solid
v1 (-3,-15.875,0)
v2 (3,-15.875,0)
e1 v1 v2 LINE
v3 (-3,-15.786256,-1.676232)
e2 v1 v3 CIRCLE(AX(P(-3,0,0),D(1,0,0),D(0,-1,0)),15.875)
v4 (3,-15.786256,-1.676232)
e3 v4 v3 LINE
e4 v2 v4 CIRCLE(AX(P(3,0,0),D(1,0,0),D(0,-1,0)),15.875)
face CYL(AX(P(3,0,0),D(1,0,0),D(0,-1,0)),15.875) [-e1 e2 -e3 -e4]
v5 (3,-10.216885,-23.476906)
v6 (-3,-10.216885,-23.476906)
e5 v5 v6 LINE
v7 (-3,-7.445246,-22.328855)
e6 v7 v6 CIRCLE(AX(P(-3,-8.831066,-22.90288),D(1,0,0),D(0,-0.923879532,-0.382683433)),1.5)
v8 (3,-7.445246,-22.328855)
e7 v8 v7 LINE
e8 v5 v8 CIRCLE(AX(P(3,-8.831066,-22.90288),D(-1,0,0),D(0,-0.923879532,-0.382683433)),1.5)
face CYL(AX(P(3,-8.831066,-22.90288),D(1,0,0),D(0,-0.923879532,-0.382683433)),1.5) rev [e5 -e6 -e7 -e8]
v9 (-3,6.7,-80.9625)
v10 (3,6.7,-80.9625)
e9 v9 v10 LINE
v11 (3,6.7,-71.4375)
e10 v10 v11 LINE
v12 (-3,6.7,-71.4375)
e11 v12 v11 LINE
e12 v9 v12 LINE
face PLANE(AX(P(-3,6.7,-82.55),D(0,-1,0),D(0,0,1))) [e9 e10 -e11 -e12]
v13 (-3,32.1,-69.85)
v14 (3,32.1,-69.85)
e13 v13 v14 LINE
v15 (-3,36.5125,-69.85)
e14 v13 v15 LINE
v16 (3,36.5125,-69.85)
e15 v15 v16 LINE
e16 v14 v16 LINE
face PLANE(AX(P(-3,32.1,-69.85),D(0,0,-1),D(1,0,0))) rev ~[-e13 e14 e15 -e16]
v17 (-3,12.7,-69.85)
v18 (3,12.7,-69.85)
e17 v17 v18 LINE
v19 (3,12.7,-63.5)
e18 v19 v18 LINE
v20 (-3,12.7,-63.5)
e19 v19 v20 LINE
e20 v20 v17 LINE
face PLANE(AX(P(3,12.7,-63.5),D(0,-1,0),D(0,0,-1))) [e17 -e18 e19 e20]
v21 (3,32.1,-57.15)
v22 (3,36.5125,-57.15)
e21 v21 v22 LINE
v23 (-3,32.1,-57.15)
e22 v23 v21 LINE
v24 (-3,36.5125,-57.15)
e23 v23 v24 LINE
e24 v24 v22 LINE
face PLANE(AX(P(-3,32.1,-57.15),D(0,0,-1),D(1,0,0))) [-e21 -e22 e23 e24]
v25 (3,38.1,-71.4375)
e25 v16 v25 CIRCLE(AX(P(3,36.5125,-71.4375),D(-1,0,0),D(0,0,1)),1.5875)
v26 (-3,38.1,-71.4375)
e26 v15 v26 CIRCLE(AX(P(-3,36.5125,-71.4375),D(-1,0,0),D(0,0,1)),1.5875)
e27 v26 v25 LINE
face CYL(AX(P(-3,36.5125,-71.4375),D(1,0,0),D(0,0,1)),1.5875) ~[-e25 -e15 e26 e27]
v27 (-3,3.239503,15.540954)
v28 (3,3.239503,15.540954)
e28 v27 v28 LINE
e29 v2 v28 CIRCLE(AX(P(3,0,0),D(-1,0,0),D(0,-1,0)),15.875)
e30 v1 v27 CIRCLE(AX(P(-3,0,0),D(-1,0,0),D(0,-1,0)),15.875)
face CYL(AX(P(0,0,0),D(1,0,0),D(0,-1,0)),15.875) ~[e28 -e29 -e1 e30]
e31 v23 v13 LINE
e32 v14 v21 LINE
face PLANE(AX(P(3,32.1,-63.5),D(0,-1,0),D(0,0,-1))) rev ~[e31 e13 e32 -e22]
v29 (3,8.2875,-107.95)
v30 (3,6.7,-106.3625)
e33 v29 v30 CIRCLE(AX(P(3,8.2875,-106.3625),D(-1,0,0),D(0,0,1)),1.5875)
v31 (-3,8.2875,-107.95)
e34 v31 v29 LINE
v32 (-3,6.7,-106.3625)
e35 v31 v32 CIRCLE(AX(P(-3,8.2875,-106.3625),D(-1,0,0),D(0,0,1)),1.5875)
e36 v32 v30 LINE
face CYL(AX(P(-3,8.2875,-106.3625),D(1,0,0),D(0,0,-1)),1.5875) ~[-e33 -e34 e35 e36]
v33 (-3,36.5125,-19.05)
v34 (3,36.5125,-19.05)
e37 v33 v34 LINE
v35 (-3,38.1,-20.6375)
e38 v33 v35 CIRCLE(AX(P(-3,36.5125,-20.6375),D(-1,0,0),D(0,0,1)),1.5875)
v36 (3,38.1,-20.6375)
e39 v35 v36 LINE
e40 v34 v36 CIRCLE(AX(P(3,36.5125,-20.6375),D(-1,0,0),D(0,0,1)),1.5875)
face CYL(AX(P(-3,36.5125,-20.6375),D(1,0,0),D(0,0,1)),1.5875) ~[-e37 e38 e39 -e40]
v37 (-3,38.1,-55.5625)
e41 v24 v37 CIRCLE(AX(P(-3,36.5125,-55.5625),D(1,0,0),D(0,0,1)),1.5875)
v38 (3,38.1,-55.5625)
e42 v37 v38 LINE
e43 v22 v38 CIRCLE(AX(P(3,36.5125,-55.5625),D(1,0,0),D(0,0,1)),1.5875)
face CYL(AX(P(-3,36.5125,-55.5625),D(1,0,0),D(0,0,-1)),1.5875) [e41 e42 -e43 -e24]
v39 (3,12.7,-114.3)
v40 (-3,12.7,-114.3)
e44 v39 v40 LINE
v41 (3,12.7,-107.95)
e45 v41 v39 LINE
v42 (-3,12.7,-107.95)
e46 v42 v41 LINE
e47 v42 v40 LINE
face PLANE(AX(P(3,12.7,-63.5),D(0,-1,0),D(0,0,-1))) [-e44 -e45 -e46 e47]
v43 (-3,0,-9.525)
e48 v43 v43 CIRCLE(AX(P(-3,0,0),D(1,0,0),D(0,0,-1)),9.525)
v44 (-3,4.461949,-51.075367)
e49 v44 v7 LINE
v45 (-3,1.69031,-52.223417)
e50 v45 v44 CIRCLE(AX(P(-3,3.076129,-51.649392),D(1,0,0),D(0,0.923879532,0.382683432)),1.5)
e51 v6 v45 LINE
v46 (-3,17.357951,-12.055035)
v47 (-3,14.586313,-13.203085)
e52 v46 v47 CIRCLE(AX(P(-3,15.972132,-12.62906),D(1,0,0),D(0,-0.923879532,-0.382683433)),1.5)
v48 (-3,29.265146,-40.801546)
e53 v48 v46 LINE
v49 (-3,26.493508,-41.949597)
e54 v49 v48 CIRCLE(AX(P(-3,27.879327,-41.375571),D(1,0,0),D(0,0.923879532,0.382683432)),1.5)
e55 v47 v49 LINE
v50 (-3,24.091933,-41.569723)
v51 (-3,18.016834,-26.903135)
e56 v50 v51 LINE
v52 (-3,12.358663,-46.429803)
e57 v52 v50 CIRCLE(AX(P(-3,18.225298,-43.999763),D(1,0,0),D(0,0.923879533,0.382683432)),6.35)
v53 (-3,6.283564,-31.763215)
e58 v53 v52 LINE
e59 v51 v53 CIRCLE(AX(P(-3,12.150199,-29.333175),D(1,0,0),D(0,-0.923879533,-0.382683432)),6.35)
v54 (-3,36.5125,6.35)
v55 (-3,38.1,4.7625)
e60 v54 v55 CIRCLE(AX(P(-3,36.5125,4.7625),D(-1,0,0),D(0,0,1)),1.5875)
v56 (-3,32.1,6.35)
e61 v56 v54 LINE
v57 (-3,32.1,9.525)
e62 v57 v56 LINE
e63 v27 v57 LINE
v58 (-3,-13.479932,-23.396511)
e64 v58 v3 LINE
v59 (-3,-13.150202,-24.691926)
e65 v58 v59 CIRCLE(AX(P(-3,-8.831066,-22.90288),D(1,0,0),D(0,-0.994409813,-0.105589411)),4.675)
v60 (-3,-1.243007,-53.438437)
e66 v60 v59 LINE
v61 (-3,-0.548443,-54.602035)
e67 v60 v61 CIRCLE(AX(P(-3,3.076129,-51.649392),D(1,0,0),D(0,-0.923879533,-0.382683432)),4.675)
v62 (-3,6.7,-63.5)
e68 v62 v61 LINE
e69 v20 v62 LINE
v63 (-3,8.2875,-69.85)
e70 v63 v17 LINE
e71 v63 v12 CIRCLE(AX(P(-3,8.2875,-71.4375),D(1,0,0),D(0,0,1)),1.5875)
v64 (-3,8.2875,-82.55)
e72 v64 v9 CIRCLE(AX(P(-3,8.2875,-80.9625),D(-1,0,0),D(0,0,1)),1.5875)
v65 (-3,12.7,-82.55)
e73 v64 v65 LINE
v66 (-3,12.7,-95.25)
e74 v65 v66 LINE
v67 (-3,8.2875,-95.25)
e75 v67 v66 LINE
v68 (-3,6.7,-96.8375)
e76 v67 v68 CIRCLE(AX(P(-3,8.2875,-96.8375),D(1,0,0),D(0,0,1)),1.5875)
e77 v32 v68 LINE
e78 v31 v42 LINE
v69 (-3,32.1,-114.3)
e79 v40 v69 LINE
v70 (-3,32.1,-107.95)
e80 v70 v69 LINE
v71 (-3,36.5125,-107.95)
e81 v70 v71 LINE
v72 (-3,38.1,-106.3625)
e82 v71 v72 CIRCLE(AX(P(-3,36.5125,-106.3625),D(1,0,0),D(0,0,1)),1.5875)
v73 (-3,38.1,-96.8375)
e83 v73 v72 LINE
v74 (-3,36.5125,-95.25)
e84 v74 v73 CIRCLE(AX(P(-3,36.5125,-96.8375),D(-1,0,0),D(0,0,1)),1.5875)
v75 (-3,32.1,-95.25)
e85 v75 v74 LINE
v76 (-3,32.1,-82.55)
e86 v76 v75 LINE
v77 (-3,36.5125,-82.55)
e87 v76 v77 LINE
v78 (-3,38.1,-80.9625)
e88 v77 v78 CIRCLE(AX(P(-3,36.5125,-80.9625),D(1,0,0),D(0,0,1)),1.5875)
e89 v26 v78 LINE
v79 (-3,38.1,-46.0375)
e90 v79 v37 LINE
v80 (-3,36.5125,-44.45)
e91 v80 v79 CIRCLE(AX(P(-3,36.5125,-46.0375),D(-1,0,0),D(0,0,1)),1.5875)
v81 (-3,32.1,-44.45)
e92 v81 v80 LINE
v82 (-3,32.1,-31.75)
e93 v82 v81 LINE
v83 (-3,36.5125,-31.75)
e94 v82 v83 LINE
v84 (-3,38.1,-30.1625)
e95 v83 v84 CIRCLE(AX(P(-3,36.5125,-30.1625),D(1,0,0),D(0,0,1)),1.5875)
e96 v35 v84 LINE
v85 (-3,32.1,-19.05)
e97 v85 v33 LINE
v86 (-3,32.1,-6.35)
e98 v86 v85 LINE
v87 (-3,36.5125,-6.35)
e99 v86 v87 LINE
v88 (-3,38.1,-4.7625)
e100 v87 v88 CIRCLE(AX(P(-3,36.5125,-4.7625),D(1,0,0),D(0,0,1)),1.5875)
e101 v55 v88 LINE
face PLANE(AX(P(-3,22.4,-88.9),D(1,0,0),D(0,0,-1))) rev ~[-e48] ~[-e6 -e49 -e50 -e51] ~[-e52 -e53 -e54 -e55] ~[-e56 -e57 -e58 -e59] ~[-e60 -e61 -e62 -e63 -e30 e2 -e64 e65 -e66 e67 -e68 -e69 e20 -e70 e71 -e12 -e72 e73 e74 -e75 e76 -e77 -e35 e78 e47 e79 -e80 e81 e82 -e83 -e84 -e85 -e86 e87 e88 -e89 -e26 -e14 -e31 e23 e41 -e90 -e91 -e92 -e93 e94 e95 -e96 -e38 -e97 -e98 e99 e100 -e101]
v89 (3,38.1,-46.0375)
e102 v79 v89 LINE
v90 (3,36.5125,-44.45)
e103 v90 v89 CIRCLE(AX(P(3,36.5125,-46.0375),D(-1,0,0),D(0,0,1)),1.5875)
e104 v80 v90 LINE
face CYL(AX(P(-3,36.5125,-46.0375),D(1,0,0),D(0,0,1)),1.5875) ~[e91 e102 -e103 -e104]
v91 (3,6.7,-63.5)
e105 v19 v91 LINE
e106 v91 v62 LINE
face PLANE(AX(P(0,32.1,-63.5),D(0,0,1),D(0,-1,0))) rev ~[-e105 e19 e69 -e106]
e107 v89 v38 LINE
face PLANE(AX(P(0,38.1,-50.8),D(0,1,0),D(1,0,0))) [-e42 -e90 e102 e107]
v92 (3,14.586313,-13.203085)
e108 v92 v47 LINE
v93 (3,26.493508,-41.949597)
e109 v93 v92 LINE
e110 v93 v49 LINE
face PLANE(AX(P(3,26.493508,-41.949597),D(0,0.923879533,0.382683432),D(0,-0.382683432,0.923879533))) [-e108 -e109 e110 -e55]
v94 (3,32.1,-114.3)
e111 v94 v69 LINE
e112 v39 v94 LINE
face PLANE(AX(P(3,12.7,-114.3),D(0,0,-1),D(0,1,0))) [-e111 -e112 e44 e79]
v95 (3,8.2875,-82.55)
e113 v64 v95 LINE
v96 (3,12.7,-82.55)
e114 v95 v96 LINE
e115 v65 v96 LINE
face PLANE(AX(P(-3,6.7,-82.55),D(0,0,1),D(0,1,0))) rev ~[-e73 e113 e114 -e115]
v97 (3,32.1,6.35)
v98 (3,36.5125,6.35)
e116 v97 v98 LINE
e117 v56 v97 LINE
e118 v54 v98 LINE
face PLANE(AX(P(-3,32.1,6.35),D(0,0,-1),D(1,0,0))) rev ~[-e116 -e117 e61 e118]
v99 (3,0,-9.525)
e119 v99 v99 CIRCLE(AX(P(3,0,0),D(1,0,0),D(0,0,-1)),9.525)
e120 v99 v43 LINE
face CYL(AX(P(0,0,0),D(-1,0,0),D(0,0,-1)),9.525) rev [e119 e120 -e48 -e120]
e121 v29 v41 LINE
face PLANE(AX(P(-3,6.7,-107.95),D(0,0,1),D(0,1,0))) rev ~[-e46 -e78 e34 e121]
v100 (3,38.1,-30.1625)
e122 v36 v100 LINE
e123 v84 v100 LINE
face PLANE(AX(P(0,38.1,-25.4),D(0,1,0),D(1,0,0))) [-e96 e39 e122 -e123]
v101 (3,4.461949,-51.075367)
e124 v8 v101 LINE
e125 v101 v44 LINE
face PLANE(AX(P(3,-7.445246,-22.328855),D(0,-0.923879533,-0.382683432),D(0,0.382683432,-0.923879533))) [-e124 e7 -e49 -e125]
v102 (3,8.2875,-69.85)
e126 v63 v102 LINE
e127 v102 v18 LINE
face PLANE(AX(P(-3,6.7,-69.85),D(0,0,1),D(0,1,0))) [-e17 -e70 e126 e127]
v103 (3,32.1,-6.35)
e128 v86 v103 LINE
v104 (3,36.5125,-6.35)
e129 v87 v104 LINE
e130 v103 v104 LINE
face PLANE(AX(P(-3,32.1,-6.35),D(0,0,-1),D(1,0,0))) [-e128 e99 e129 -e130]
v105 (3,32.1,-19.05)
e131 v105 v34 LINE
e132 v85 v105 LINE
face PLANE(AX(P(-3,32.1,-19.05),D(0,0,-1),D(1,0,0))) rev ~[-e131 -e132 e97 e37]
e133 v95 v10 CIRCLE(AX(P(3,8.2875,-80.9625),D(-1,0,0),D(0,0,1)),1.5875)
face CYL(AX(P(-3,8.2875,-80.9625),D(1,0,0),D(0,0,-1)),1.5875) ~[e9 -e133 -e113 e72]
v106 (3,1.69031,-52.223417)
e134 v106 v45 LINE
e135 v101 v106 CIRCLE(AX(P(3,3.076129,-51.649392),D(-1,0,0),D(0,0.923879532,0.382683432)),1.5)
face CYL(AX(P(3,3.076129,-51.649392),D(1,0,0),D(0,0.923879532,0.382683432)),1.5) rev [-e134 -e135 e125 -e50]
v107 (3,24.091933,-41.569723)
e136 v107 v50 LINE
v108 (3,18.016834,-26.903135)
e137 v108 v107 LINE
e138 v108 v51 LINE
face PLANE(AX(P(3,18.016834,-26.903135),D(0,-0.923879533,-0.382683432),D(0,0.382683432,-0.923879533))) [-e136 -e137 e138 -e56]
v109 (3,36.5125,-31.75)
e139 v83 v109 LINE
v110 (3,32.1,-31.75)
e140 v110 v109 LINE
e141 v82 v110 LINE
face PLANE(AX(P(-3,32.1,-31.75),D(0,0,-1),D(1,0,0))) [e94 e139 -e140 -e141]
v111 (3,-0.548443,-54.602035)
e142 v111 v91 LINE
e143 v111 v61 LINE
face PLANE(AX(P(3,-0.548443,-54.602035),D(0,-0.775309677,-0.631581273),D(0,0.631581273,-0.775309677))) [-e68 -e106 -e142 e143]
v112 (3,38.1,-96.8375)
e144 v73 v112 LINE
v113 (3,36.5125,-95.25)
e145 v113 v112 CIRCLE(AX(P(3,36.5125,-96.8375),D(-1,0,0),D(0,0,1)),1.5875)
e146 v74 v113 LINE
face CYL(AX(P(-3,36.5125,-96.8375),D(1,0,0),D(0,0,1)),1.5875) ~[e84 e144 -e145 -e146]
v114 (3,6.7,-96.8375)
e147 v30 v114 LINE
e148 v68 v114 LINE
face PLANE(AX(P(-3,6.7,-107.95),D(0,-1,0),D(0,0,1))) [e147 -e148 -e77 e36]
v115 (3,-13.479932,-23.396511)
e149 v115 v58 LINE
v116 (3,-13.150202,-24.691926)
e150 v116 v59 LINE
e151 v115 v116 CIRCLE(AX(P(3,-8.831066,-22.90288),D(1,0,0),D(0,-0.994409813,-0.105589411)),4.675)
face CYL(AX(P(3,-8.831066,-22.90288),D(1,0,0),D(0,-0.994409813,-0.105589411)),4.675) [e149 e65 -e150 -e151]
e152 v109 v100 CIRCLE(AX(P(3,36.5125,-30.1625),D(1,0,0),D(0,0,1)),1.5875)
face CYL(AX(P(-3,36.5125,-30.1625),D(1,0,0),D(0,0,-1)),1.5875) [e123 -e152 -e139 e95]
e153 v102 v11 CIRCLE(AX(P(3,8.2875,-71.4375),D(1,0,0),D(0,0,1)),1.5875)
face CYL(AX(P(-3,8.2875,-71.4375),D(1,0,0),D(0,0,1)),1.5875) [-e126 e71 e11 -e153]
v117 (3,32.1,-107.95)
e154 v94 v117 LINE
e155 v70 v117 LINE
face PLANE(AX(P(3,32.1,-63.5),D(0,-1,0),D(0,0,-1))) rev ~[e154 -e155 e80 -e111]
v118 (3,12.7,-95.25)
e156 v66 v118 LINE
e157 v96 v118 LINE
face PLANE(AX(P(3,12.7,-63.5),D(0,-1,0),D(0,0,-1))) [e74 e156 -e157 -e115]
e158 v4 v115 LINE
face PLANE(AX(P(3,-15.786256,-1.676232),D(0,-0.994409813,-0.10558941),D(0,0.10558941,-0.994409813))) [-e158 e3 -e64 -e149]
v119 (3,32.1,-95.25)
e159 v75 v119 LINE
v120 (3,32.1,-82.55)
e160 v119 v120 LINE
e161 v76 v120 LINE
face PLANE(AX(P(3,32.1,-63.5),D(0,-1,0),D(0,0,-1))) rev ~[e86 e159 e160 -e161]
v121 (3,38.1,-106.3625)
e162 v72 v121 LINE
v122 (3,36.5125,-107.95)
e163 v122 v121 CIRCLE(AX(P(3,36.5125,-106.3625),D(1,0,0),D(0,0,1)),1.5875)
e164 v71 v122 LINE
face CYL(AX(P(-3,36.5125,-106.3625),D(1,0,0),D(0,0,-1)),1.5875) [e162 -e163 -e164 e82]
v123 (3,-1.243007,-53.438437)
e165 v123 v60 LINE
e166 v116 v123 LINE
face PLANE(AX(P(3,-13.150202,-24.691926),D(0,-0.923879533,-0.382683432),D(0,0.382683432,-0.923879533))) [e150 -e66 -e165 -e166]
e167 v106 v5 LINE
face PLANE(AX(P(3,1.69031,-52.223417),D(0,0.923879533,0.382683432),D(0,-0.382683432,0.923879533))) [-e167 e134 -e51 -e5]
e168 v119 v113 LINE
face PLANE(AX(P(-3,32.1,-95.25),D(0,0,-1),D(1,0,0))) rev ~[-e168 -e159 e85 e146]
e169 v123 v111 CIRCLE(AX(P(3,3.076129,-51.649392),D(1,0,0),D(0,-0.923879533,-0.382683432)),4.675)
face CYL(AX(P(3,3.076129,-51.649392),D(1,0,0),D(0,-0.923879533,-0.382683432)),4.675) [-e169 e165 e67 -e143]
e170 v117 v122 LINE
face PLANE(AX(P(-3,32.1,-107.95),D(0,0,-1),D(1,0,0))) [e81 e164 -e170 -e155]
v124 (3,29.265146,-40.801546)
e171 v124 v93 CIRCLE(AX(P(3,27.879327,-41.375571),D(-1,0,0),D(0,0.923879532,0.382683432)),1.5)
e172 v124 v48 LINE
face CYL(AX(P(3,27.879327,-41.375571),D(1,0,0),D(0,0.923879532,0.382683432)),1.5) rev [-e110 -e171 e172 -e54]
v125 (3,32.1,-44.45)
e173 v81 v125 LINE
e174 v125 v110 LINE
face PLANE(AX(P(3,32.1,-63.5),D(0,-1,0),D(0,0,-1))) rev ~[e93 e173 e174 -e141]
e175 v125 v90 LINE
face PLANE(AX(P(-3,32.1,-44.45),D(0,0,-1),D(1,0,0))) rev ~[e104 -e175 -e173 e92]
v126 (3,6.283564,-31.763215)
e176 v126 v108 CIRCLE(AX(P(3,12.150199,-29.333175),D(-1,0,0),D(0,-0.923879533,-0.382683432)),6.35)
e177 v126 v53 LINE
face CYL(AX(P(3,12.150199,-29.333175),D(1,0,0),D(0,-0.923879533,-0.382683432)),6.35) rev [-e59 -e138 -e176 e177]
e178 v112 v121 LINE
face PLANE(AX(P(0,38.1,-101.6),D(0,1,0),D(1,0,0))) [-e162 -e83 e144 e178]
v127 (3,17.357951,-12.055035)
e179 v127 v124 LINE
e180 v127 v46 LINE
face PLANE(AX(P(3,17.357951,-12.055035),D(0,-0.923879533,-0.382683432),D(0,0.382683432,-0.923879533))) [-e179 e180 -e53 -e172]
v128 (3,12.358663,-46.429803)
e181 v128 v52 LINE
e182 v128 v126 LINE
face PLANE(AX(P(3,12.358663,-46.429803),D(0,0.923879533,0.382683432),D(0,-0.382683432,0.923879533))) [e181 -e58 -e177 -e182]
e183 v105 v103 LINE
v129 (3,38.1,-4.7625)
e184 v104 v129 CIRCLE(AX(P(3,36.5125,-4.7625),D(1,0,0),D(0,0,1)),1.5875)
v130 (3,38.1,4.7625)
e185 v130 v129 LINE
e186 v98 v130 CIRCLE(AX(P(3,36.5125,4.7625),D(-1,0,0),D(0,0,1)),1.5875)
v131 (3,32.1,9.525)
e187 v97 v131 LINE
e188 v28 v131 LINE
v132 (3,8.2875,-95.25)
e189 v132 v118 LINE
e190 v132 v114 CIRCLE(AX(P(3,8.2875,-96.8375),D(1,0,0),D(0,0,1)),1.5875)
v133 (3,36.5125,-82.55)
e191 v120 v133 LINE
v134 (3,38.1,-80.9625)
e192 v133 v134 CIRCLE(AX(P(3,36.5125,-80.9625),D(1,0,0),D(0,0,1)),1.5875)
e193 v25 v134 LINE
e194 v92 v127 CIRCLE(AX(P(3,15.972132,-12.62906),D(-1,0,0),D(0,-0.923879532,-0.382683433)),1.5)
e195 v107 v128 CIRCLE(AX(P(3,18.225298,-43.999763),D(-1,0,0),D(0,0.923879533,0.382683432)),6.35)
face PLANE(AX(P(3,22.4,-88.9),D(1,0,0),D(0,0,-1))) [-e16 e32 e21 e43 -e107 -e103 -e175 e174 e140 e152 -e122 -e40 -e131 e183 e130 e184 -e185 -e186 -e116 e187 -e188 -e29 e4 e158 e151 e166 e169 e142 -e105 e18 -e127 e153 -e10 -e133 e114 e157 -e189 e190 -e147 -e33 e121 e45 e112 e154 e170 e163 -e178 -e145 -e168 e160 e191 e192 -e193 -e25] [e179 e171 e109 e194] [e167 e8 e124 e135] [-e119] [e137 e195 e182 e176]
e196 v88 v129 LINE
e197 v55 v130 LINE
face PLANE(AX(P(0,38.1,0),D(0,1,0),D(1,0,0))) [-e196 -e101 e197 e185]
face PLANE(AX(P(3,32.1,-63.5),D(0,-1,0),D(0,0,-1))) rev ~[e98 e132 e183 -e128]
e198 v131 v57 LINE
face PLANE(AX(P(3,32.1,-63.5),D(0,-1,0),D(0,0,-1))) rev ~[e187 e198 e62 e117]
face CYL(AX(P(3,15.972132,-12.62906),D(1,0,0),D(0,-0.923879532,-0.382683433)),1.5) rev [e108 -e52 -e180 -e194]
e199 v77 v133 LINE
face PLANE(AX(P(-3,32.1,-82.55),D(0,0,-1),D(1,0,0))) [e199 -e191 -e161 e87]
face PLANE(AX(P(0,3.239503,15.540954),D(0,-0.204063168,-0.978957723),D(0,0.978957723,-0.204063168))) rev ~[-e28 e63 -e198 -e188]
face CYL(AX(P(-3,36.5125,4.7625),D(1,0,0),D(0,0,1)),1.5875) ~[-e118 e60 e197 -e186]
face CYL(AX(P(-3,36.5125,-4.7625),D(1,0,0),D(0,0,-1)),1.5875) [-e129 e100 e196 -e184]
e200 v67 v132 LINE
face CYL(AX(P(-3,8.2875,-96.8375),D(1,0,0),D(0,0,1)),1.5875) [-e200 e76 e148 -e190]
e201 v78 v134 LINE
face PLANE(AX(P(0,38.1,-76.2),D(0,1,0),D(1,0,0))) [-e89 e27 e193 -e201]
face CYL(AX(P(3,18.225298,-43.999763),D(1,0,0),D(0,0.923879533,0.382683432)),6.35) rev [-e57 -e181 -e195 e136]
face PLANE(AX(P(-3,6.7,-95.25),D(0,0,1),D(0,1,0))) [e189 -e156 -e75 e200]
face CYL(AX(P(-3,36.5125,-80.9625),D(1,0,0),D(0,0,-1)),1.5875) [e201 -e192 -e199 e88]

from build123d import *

# Parameters (mm, degrees)
SKETCH1_R              = 9.525
BOSS_EXTRUDE1_DEPTH    = 3
CUT_EXTRUDE1_DEPTH     = 72.404901793
SKETCH4_W              = 50.8
SKETCH4_H              = 19.4
BOSS_EXTRUDE3_DEPTH    = 6
SKETCH3_W              = 6
SKETCH3_H              = 12.7
BOSS_EXTRUDE2_DEPTH    = 6
FILLET1_R              = 1.5875
LPATTERN1_COUNT        = 5
LPATTERN1_PITCH        = 25.4
FILLET1_OF_LPATTERN1_R = 1.5875
SKETCH5_W              = 12.7
SKETCH5_H              = 6
BOSS_EXTRUDE4_DEPTH    = 6
FILLET2_R              = 1.5875
LPATTERN2_COUNT        = 2
LPATTERN2_PITCH        = 25.4
FILLET2_OF_LPATTERN2_R = 1.5875


with BuildPart() as part:
    # Sketch1 → Boss-Extrude1 (new, symmetric)
    with BuildSketch(Plane(origin=(0, 0, 0), x_dir=(0, 0, -1), z_dir=(1, 0, 0))):
        with BuildLine():
            Line((-15.540953853, 3.23950279), (-9.525, 32.1))
            Line((-9.525, 32.1), (63.5, 32.1))
            Line((63.5, 32.1), (63.5, -15.875))
            Line((63.5, -15.875), (0, -15.875))
            ThreePointArc((0, -15.875), (-12.317522717, -10.014702148), (-15.540953853, 3.23950279))
        make_face()
        Circle(SKETCH1_R, mode=Mode.SUBTRACT)
    extrude(amount=BOSS_EXTRUDE1_DEPTH, both=True)

    # Sketch2 → Cut-Extrude1 (cut, through all)
    with BuildSketch(Plane(origin=(3, 0, 0), x_dir=(0, 0, -1), z_dir=(1, 0, 0))):
        with BuildLine():
            Line((1.676231888, -15.786255783), (23.396510982, -13.47993154))
            ThreePointArc((23.396510982, -13.47993154), (24.056064004, -13.361605673), (24.691925535, -13.150202478))
            Line((24.691925535, -13.150202478), (53.43843719, -1.24300748))
            ThreePointArc((53.43843719, -1.24300748), (54.045535898, -0.938110333), (54.602034594, -0.548443406))
            Line((54.602034594, -0.548443406), (63.5, 6.7))
            Line((63.5, 6.7), (63.5, -15.875))
            Line((63.5, -15.875), (0, -15.875))
            ThreePointArc((0, -15.875), (0.839289711, -15.852798421), (1.676231888, -15.786255783))
        make_face()
        with BuildLine():
            Line((26.903135362, 18.016834009), (41.56972294, 24.091933498))
            ThreePointArc((41.56972294, 24.091933498), (49.866397767, 20.655338262), (46.429802531, 12.358663435))
            Line((46.429802531, 12.358663435), (31.763214953, 6.283563946))
            ThreePointArc((31.763214953, 6.283563946), (23.466540126, 9.720159182), (26.903135362, 18.016834009))
        make_face()
        with BuildLine():
            Line((22.328855341, -7.445246365), (51.075366995, 4.461948633))
            ThreePointArc((51.075366995, 4.461948633), (53.035211442, 3.650154483), (52.223417292, 1.690310036))
            Line((52.223417292, 1.690310036), (23.476905638, -10.216884962))
            ThreePointArc((23.476905638, -10.216884962), (21.51706119, -9.405090812), (22.328855341, -7.445246365))
        make_face()
        with BuildLine():
            Line((12.055034553, 17.357951117), (40.801546208, 29.265146115))
            ThreePointArc((40.801546208, 29.265146115), (42.761390655, 28.453351965), (41.949596505, 26.493507518))
            Line((41.949596505, 26.493507518), (13.203084851, 14.58631252))
            ThreePointArc((13.203084851, 14.58631252), (11.243240403, 15.39810667), (12.055034553, 17.357951117))
        make_face()
    extrude(amount=-CUT_EXTRUDE1_DEPTH, mode=Mode.SUBTRACT)

    # Sketch4 → Boss-Extrude3 (add)
    with BuildSketch(Plane(origin=(3, 0, 0), x_dir=(0, 0, -1), z_dir=(1, 0, 0))):
        with Locations((88.9, 22.4)):
            Rectangle(SKETCH4_W, SKETCH4_H)
    extrude(amount=-BOSS_EXTRUDE3_DEPTH)

    # Sketch3 → Boss-Extrude2 (add)
    with BuildSketch(Plane(origin=(0, 32.1, 0), x_dir=(1, 0, 0), z_dir=(0, 1, 0))):
        Rectangle(SKETCH3_W, SKETCH3_H)
    boss_extrude2 = extrude(amount=BOSS_EXTRUDE2_DEPTH)

    # Fillet1
    fillet1_edges = [part.edges().sort_by_distance(p)[0] for p in [
        (0, 38.1, -6.35),
        (0, 38.1, 6.35),
    ]]
    fillet(fillet1_edges, radius=FILLET1_R)

    # LPattern1: Boss-Extrude2 ×5
    with Locations(*[(0, 0, -i * LPATTERN1_PITCH) for i in range(1, LPATTERN1_COUNT)]):
        add(boss_extrude2)

    # Fillet1 of LPattern1
    fillet1_of_lpattern1_edges = [part.edges().sort_by_distance(p)[0] for p in [
        (0, 38.1, -31.75),
        (0, 38.1, -19.05),
        (0, 38.1, -57.15),
        (0, 38.1, -44.45),
        (0, 38.1, -82.55),
        (0, 38.1, -69.85),
        (0, 38.1, -107.95),
        (0, 38.1, -95.25),
    ]]
    fillet(fillet1_of_lpattern1_edges, radius=FILLET1_OF_LPATTERN1_R)

    # Sketch5 → Boss-Extrude4 (add)
    with BuildSketch(Plane.ZY.offset(3)):
        with Locations((-76.2, 9.7)):
            Rectangle(SKETCH5_W, SKETCH5_H)
    boss_extrude4 = extrude(amount=-BOSS_EXTRUDE4_DEPTH)

    # Fillet2
    fillet2_edges = [part.edges().sort_by_distance(p)[0] for p in [
        (0, 6.7, -82.55),
        (0, 6.7, -69.85),
    ]]
    fillet(fillet2_edges, radius=FILLET2_R)

    # LPattern2: Boss-Extrude4 ×2
    with Locations(*[(0, 0, -i * LPATTERN2_PITCH) for i in range(1, LPATTERN2_COUNT)]):
        add(boss_extrude4)

    # Fillet2 of LPattern2
    fillet2_of_lpattern2_edges = [part.edges().sort_by_distance(p)[0] for p in [
        (0, 6.7, -107.95),
        (0, 6.7, -95.25),
    ]]
    fillet(fillet2_of_lpattern2_edges, radius=FILLET2_OF_LPATTERN2_R)


solid = part.part
